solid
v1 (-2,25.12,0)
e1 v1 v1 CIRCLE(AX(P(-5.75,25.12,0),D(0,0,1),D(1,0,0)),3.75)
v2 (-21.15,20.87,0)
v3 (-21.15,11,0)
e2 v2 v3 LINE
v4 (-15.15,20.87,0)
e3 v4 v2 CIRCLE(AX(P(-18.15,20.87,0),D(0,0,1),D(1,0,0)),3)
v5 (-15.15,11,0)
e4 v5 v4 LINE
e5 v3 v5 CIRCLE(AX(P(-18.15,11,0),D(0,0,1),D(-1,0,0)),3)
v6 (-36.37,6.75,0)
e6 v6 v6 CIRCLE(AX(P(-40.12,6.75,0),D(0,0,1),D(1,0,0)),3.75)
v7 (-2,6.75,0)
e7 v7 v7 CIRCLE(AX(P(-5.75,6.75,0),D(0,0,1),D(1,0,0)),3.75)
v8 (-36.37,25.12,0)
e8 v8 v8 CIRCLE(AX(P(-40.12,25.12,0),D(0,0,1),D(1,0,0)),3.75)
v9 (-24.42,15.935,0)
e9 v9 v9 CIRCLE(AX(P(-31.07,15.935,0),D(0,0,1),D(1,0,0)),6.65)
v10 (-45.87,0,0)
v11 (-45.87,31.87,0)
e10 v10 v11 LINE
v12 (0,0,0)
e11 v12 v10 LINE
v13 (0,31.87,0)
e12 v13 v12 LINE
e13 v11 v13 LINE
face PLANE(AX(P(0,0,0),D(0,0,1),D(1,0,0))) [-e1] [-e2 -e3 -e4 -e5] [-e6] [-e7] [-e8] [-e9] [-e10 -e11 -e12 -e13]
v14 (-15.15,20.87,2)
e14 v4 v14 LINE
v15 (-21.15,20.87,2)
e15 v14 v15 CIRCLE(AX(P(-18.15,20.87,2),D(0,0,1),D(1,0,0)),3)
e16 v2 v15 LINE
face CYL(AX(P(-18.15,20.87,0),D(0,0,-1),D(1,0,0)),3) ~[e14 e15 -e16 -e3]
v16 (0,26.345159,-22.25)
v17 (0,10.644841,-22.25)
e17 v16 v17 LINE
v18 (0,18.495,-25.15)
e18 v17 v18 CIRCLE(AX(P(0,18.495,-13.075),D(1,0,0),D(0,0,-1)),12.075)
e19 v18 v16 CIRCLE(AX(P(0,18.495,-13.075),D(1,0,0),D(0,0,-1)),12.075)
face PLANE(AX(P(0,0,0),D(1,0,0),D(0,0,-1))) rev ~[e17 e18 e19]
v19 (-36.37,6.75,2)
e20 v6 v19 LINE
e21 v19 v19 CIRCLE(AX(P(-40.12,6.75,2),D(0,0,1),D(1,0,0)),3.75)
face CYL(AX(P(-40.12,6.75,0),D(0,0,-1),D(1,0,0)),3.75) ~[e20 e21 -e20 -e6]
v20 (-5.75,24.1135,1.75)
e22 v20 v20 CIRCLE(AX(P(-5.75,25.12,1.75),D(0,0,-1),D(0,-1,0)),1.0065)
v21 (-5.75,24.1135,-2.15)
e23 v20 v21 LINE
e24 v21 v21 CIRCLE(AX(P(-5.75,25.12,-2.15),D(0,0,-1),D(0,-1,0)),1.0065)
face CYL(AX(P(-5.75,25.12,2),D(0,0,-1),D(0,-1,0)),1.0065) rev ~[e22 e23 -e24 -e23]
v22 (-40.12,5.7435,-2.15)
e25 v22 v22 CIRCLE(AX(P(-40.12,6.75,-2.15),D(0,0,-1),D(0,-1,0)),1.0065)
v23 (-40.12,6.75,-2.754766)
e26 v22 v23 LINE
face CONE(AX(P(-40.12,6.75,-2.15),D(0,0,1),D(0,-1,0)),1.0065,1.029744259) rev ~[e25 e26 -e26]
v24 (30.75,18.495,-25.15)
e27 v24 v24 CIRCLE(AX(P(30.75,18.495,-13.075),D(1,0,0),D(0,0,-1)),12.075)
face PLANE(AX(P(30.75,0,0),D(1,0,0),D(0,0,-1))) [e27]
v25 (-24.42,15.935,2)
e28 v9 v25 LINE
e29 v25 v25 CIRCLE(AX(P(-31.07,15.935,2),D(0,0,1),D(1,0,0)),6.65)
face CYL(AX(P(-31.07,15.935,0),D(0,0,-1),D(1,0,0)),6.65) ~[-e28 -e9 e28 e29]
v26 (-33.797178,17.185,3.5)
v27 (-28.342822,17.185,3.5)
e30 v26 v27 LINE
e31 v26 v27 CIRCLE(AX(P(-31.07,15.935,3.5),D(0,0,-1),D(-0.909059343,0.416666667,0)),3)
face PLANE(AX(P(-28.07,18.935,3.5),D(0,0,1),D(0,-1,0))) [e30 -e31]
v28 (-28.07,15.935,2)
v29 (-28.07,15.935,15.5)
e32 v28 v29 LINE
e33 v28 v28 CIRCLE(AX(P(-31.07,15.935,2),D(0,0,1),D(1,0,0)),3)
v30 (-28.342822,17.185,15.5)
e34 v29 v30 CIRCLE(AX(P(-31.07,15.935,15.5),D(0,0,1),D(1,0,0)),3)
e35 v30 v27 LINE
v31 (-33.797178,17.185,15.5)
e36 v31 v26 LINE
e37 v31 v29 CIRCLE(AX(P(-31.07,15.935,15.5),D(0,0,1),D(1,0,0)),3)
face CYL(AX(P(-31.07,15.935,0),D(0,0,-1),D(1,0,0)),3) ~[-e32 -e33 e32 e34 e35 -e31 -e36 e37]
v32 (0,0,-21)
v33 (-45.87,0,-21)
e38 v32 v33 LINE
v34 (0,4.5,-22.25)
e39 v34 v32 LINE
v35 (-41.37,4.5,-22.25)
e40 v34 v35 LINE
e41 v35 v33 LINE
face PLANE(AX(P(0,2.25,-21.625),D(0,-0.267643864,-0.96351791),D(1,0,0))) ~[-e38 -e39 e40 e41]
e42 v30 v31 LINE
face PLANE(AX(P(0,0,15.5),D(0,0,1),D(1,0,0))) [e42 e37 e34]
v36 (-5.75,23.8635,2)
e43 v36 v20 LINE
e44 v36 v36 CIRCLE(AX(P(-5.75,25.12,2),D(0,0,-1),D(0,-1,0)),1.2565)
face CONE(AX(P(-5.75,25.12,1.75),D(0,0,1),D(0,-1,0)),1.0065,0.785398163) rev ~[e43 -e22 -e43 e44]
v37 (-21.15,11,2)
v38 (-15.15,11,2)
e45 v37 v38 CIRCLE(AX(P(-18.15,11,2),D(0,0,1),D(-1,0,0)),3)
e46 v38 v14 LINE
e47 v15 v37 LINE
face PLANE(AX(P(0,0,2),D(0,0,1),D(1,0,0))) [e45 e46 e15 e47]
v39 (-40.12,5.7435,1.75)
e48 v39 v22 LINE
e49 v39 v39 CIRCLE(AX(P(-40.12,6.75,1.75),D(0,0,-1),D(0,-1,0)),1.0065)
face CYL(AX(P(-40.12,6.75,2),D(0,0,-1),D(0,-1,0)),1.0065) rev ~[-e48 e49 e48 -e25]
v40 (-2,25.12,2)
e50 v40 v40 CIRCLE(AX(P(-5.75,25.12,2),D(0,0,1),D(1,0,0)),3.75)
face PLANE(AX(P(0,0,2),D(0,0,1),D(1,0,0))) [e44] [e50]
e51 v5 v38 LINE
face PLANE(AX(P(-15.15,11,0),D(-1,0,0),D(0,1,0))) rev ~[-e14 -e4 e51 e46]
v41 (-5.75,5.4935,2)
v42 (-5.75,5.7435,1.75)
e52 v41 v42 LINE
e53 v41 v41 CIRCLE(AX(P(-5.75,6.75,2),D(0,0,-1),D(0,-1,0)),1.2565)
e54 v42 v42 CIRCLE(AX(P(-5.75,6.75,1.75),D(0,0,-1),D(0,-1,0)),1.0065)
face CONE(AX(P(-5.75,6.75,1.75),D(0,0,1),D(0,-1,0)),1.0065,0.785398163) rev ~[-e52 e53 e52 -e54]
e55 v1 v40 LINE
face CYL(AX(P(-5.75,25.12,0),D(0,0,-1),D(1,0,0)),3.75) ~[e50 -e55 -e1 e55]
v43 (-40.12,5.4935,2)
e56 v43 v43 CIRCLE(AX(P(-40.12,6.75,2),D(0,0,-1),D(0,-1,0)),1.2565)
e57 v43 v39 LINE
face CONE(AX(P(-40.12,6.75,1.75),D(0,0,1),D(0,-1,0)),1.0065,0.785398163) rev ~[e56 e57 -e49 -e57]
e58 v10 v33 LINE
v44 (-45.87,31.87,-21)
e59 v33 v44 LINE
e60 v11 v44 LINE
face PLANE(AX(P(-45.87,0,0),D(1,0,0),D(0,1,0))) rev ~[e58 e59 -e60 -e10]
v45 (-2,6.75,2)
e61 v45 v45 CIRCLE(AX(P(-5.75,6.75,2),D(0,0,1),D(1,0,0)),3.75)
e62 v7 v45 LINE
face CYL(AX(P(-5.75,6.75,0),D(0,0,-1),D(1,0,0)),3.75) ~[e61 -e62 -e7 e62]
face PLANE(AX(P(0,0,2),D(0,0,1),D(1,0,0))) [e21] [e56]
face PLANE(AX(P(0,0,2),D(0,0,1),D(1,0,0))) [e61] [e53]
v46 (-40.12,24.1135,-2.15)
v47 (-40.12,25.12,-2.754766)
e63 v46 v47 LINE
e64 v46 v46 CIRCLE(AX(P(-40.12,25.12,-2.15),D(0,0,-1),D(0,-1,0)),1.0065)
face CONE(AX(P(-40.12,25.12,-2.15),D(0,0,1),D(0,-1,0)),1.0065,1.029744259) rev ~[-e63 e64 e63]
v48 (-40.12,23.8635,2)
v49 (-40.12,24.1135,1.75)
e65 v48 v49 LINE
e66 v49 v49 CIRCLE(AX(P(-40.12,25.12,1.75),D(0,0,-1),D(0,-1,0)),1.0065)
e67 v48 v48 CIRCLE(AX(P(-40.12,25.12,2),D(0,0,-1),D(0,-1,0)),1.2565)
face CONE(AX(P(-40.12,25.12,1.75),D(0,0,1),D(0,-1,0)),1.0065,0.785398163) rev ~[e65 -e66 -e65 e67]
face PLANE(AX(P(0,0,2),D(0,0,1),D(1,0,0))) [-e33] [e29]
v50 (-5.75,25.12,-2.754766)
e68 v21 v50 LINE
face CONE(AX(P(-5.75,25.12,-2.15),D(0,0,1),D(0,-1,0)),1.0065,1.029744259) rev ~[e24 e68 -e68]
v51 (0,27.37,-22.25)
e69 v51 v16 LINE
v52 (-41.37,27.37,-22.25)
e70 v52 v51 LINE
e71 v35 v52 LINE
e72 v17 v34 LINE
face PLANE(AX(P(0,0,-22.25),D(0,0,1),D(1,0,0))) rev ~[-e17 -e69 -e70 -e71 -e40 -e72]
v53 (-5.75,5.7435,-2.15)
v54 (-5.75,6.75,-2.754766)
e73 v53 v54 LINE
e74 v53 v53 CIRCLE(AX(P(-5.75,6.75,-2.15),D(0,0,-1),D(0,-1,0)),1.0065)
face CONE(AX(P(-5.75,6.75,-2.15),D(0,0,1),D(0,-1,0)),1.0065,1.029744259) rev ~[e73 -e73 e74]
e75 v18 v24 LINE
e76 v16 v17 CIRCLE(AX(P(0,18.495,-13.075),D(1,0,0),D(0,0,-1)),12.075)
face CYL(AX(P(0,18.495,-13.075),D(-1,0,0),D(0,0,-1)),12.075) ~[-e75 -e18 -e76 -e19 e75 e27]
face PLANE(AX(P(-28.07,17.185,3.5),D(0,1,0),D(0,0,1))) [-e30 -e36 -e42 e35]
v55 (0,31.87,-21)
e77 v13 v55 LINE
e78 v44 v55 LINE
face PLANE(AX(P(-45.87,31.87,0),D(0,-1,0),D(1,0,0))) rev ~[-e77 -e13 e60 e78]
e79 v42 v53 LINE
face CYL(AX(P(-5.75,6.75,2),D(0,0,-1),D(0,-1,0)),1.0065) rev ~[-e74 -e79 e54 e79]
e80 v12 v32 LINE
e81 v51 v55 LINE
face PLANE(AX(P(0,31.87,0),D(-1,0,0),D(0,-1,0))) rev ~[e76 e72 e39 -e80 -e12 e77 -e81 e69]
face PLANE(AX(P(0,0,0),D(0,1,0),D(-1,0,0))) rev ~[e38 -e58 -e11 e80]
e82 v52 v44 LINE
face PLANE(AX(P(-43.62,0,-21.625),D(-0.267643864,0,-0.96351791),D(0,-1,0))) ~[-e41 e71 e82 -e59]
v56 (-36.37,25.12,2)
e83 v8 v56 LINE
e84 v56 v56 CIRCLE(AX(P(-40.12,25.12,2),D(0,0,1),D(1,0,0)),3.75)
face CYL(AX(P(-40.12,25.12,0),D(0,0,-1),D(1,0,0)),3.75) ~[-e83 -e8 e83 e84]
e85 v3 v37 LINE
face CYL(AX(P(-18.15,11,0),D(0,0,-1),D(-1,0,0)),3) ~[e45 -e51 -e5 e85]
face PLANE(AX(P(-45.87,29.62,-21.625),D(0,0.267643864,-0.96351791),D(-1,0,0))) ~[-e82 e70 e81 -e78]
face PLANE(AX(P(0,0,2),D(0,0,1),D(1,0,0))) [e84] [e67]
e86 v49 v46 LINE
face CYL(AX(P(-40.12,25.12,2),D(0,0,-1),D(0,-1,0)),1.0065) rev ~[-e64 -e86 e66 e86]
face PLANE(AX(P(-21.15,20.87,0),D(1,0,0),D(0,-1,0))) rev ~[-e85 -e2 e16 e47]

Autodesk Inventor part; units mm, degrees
ref_plane "YZ Plane" through (0, 0, 0) normal (1, 0, 0) x (0, 1, 0)
ref_plane "XZ Plane" through (0, 0, 0) normal (0, 1, 0) x (-1, 0, 0)
sketch "Skizze3" plane through (0, 0, 0) normal (0, 0, 1) x (1, 0, 0)
  line L0 (0, 0) -> (-45.87, 0)
  line L1 (-45.87, 0) -> (-45.87, 31.87)
  line L2 (-45.87, 31.87) -> (0, 31.87)
  line L3 (0, 31.87) -> (0, 0)
  circle A0 centre (-40.12, 25.12) radius 3.75
  line L4 (-6.8112, 15.935) -> (-34.2962, 15.935) construction
  circle A1 centre (-31.07, 15.935) radius 6.65
  circle A2 centre (-31.07, 15.935) radius 3
  circle A3 centre (-40.12, 6.75) radius 3.75
  circle A4 centre (-5.75, 25.12) radius 3.75
  circle A5 centre (-5.75, 6.75) radius 3.75
  line L5 (-18.15, 11) -> (-18.15, 20.87) construction
  line L6 (-15.15, 11) -> (-15.15, 20.87)
  line L7 (-21.15, 20.87) -> (-21.15, 11)
  arc A6 (-21.15, 11) -> (-15.15, 11) centre (-18.15, 11) ccw
  arc A7 (-15.15, 20.87) -> (-21.15, 20.87) centre (-18.15, 20.87) ccw
  point P0 (0, 15.935)
  point P1 (-18.15, 15.935)
  point P2 (-18.15, 23.87)
  point P3 (-18.15, 8)
  dimension "d5" = 6.75
  dimension "d6" = 5.75
  dimension "d7" = 7.5
  dimension "d9" = 45.87
  dimension "d10" = 31.87
  dimension "d11" = 14.8
  dimension "d12" = 13.3
  dimension "d13" = 6
  dimension "d14" = 6.75
  dimension "d15" = 6.75
  dimension "d16" = 6.75
  dimension "d17" = 5.75
  dimension "d18" = 5.75
  dimension "d19" = 5.75
  dimension "d20" = 7.5
  dimension "d21" = 7.5
  dimension "d22" = 7.5
  dimension "d23" = 15.87
  dimension "d24" = 18.15
  dimension "d25" = 6
extrude "Extrusion3" add sketch "Skizze3" against normal blind 22.25 contours L0 L1 L2 L3 | A0 | A1 | A2 | A3 | A4 | A5 | A6 L7 A7 L6
extrude "Extrusion4" add sketch "Skizze3" along normal blind 2 contours A0 | A1 | A3 | A4 | A5 | A6 L7 A7 L6
extrude "Extrusion5" add sketch "Skizze3" along normal blind 15.5 contours A2
sketch "Skizze4" plane through (0, 0, 0) normal (1, 0, 0) x (0, 0, -1)
  line L0 (0, 31.87) -> (22.25, 31.87) projected
  line L1 (0, 0) -> (0, 31.87) projected
  circle A0 centre (13.075, 18.495) radius 12.075
  dimension "d33" = 13.375
  dimension "d34" = 13.075
  dimension "d35" = 24.15
extrude "Extrusion6" add sketch "Skizze4" along normal blind 30.75
sketch "Skizze5" plane through (-5.75, 25.12, 2) normal (0, 0, 1) x (1, 0, 0)
  circle A0 centre (-34.37, 0) radius 3.75 projected
  circle A1 centre (-34.37, -18.37) radius 3.75 projected
  circle A2 centre (0, -18.37) radius 3.75 projected
  circle A3 centre (0, 0) radius 3.75 projected
  circle A4 centre (0, -18.37) radius 3.75 projected
  point P0 (5.75, -25.12)
hole "Bohrung1" at (-5.75, 25.12, 2) at (-5.75, 6.75, 2) at (-40.12, 6.75, 2) at (-40.12, 25.12, 2) direction (0, 0, -1) diameter 2.013 depth 4.15 tip angle 118 thread size "M2.5x0.45" class "6H" standard "ISO Metric profile"
ref_plane "Arbeitsebene1" through (-28.07, 15.935, 0) normal (-1, 0, 0) x (0, 0, 1)
sketch "Skizze6" plane through (-28.07, 15.935, 0) normal (-1, 0, 0) x (0, 0, 1)
  line L0 (15.5, -3) -> (15.5, 3) projected
  line L1 (2, 3) -> (15.5, 3) projected
  line L2 (15.5, 3) -> (3.5, 3)
  line L3 (3.5, 3) -> (3.5, 1.25)
  line L4 (3.5, 1.25) -> (15.5, 1.25)
  line L5 (15.5, 1.25) -> (15.5, 3)
  point P0 (0, -15.935)
  point P1 (3.5, 3)
  point P2 (3.5, 2.125)
  dimension "d49" = 12
  dimension "d50" = 1.75
extrude "Extrusion7" cut sketch "Skizze6" along normal blind 30.75 and the other way blind 15.375
chamfer "Fase1" distance 0.25 angle 45 4 edges at (-40.12, 7.7565, 2) (-5.75, 7.7565, 2) (-40.12, 26.1265, 2) (-5.75, 26.1265, 2)
chamfer "Fase2" distance 4.5 distance2 1.25 3 edges at (-22.935, 31.87, -22.25) (-45.87, 15.935, -22.25) (-22.935, 0, -22.25) measured on face at (-30.58, 14.1716, -22.25)
equation "\"d5\" = schraube_p_x"
equation "\"d6\" = schraube_p_y"
equation "\"d7\" = schraube_d"
equation "\"d9\" = gh_l"
equation "\"d10\" = gh_b"
equation "\"d11\" = s_p_y"
equation "\"d12\" = s_d_u"
equation "\"d13\" = s_d"
equation "\"d14\" = d5"
equation "\"d15\" = d5"
equation "\"d16\" = d5"
equation "\"d17\" = d6"
equation "\"d18\" = d6"
equation "\"d19\" = d6"
equation "\"d20\" = d7"
equation "\"d21\" = d7"
equation "\"d22\" = d7"
equation "\"d23\" = nut_l"
equation "\"d24\" = nut_p_x_neg"
equation "\"d25\" = nut_b"
equation "\"d26\" = gh_h"
equation "\"d28\" = Absatz_h"
equation "\"d30\" = s_h"
equation "\"d33\" = m_p_xn"
equation "\"d34\" = m_p_z_neg"
equation "\"d35\" = M_d"
equation "\"d36\" = M_l"
equation "\"d45\" = M_l"
equation "\"s_h\" = 15.5"
equation "\"schraube_p_x\" = 6.75"
equation "\"s_p_y\" = 14.8"
equation "\"Absatz_h\" = 2"
equation "\"schraube_d\" = 7.5"
equation "\"gh_h\" = 22.25"
equation "\"M_d\" = 24.15"
equation "\"s_d\" = 6"
equation "\"M_l\" = 30.75"
equation "\"schraube_p_y\" = 5.75"
equation "\"s_d_u\" = 13.3"
equation "\"gs_h\" = 37.75"
equation "\"gh_l\" = 45.87"
equation "\"gh_b\" = 31.87"
equation "\"nut_p_x_neg\" = 18.15"
equation "\"nut_l\" = 15.87"
equation "\"nut_b\" = 6"
equation "\"m_p_z_neg\" = 13.075"
equation "\"m_p_xn\" = 13.375"
equation "\"Zet_KluppenDicke\" = 1"
equation "\"St_kurz_Höhe\" = 7.5"
equation "\"Druck_teil_Höhe\" = 7.5"
equation "\"Zet_Höhe\" = 5"
equation "\"Zet_Kluppen_Höhe\" = 7"
equation "\"Gel_Mot_St_1\" = 35"
equation "\"GM_Platte_Höhe\" = 4"
equation "\"SM_Scheibe_Durchmesser\" = 22"
equation "\"SM_Schrauben_Pos_Abstand\" = 31"
equation "\"Gel_Mot_St_Höhe\" = 5"
equation "\"Gel_Mot_St_2\" = 35"
equation "\"Bas_Haupt_Plat_Höhe\" = 4"
properties part number "BT001_trajan20_21"
